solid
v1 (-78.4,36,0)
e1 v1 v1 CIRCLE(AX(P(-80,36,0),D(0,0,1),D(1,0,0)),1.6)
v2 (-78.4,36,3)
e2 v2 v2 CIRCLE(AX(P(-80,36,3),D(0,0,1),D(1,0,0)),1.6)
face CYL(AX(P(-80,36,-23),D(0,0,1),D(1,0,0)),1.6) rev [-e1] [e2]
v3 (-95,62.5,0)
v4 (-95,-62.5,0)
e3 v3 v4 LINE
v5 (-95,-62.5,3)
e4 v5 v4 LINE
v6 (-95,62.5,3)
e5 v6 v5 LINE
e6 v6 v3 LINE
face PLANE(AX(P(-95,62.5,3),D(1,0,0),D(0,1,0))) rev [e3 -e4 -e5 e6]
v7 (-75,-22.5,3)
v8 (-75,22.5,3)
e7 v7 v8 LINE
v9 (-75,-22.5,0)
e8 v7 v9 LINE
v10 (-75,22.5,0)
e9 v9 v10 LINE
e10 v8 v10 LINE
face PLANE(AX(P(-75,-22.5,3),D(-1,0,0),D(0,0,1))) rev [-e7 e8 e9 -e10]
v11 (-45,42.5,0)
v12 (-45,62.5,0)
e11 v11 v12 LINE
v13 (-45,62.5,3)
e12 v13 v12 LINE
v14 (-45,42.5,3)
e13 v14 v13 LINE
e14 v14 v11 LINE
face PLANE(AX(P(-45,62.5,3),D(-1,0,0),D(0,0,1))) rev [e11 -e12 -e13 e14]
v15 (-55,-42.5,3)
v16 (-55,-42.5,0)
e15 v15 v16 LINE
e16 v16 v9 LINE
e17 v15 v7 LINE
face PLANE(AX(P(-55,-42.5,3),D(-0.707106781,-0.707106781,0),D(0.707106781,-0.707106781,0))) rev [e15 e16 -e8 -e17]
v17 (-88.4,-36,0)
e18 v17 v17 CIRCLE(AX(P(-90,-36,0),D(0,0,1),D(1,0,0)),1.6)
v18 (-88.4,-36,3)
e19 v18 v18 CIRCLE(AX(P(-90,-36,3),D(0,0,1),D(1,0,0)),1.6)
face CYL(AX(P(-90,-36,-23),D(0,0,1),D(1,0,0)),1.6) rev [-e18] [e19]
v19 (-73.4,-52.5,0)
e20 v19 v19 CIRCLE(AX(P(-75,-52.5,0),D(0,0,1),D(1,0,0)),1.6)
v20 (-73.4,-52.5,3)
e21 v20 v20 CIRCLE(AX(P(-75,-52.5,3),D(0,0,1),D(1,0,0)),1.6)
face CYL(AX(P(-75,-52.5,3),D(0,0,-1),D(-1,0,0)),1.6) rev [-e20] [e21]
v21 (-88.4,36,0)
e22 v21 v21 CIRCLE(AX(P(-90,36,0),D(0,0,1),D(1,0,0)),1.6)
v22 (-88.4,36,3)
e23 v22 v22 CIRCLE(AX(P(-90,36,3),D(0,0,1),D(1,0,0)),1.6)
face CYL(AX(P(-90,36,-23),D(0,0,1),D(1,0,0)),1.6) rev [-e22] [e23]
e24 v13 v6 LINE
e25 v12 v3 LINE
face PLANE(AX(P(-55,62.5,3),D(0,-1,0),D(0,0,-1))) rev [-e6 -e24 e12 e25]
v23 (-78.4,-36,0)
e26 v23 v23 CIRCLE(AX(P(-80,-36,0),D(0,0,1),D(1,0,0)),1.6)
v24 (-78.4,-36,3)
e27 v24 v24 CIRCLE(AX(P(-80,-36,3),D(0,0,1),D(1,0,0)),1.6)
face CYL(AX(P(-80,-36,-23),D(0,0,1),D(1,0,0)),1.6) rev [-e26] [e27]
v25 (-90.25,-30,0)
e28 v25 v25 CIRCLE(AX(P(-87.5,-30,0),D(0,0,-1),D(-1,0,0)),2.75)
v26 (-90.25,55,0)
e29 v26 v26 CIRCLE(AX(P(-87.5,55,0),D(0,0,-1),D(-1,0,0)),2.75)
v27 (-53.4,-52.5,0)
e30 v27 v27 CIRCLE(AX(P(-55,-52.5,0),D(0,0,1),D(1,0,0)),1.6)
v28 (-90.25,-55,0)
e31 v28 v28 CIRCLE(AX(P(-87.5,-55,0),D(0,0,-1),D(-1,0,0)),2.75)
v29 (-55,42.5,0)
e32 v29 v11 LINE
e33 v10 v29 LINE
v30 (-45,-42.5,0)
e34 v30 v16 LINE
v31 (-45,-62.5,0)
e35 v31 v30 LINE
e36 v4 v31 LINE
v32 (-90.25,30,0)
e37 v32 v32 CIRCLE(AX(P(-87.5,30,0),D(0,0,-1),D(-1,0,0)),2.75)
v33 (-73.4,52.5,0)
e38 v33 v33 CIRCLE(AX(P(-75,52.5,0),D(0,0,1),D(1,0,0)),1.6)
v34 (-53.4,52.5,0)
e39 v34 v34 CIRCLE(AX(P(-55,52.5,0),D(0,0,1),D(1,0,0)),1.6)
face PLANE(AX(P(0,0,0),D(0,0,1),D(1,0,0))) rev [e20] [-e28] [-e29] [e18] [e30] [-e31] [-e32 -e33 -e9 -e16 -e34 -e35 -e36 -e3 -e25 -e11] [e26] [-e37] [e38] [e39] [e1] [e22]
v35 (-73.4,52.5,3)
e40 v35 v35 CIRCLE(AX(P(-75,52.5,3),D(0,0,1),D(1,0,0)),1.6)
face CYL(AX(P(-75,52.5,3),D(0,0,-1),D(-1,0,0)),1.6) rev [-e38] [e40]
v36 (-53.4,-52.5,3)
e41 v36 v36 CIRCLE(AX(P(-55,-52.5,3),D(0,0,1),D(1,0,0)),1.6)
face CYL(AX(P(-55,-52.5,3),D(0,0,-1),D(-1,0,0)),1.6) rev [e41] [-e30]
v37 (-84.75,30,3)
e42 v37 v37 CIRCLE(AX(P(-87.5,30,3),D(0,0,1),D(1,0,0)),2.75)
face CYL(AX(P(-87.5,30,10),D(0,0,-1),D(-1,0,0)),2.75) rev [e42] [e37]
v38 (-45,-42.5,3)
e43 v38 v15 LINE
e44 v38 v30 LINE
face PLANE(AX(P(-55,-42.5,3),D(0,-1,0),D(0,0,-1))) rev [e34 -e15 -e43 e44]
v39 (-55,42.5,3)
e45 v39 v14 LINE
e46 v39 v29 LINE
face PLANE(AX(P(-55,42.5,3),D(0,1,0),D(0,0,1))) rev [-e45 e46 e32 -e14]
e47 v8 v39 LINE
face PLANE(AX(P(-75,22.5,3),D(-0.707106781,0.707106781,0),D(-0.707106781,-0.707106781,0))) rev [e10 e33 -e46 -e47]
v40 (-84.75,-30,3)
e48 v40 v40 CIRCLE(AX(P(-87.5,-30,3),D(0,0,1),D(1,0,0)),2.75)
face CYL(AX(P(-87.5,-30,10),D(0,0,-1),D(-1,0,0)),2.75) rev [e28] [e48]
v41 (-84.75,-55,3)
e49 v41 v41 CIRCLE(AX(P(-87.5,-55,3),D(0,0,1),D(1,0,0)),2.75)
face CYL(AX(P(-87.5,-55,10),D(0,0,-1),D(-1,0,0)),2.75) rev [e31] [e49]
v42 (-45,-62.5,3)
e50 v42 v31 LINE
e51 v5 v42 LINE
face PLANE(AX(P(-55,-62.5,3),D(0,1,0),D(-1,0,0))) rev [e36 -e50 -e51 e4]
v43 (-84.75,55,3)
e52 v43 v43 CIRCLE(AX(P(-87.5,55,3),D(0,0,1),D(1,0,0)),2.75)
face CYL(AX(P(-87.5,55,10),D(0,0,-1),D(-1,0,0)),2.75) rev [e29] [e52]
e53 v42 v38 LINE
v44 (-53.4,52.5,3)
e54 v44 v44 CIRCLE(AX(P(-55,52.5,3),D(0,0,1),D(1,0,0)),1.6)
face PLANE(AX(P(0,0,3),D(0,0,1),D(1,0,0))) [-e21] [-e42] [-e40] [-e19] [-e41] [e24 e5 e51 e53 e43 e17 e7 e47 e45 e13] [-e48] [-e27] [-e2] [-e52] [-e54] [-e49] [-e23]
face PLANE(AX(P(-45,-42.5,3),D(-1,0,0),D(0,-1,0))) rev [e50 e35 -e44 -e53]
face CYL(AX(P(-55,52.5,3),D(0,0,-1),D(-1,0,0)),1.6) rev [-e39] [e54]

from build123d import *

# Parameters (mm, degrees)
SKETCH1_R          = 1.6
EXTRUDE1_DEPTH     = 3
SKETCH2_R          = 1.6
CUT_EXTRUDE1_DEPTH = 26
SKETCH3_R          = 2.75
CUT_EXTRUDE2_DEPTH = 10


with BuildPart() as part:
    # Sketch1 → Extrude1 (new body)
    with BuildSketch(Plane.XY):
        Polygon((-95, 62.5), (-95, -62.5), (-55, -62.5), (-45, -62.5), (-45, -42.5), (-55, -42.5), (-75, -22.5), (-75, 22.5), (-55, 42.5), (-45, 42.5), (-45, 62.5), (-55, 62.5), align=None)
        with Locations((-55, -52.5)):
            Circle(SKETCH1_R, mode=Mode.SUBTRACT)
        with Locations((-75, -52.5)):
            Circle(SKETCH1_R, mode=Mode.SUBTRACT)
        with Locations((-55, 52.5)):
            Circle(SKETCH1_R, mode=Mode.SUBTRACT)
        with Locations((-75, 52.5)):
            Circle(SKETCH1_R, mode=Mode.SUBTRACT)
    extrude(amount=EXTRUDE1_DEPTH)

    # Sketch2 → Cut-Extrude1 (cut)
    with BuildSketch(Plane.XY.offset(3)):
        with Locations((-80, 36)):
            Circle(SKETCH2_R)
        with Locations((-90, 36)):
            Circle(SKETCH2_R)
        with Locations((-80, -36)):
            Circle(SKETCH2_R)
        with Locations((-90, -36)):
            Circle(SKETCH2_R)
    extrude(amount=-CUT_EXTRUDE1_DEPTH, mode=Mode.SUBTRACT)

    # Sketch3 → Cut-Extrude2 (cut)
    with BuildSketch(Plane(origin=(0, 0, 0), x_dir=(-1, 0, 0), z_dir=(0, 0, -1))):
        with Locations((87.5, 55)):
            Circle(SKETCH3_R)
        with Locations((87.5, 30)):
            Circle(SKETCH3_R)
        with Locations((87.5, -30)):
            Circle(SKETCH3_R)
        with Locations((87.5, -55)):
            Circle(SKETCH3_R)
    extrude(amount=-CUT_EXTRUDE2_DEPTH, mode=Mode.SUBTRACT)


solid = part.part
